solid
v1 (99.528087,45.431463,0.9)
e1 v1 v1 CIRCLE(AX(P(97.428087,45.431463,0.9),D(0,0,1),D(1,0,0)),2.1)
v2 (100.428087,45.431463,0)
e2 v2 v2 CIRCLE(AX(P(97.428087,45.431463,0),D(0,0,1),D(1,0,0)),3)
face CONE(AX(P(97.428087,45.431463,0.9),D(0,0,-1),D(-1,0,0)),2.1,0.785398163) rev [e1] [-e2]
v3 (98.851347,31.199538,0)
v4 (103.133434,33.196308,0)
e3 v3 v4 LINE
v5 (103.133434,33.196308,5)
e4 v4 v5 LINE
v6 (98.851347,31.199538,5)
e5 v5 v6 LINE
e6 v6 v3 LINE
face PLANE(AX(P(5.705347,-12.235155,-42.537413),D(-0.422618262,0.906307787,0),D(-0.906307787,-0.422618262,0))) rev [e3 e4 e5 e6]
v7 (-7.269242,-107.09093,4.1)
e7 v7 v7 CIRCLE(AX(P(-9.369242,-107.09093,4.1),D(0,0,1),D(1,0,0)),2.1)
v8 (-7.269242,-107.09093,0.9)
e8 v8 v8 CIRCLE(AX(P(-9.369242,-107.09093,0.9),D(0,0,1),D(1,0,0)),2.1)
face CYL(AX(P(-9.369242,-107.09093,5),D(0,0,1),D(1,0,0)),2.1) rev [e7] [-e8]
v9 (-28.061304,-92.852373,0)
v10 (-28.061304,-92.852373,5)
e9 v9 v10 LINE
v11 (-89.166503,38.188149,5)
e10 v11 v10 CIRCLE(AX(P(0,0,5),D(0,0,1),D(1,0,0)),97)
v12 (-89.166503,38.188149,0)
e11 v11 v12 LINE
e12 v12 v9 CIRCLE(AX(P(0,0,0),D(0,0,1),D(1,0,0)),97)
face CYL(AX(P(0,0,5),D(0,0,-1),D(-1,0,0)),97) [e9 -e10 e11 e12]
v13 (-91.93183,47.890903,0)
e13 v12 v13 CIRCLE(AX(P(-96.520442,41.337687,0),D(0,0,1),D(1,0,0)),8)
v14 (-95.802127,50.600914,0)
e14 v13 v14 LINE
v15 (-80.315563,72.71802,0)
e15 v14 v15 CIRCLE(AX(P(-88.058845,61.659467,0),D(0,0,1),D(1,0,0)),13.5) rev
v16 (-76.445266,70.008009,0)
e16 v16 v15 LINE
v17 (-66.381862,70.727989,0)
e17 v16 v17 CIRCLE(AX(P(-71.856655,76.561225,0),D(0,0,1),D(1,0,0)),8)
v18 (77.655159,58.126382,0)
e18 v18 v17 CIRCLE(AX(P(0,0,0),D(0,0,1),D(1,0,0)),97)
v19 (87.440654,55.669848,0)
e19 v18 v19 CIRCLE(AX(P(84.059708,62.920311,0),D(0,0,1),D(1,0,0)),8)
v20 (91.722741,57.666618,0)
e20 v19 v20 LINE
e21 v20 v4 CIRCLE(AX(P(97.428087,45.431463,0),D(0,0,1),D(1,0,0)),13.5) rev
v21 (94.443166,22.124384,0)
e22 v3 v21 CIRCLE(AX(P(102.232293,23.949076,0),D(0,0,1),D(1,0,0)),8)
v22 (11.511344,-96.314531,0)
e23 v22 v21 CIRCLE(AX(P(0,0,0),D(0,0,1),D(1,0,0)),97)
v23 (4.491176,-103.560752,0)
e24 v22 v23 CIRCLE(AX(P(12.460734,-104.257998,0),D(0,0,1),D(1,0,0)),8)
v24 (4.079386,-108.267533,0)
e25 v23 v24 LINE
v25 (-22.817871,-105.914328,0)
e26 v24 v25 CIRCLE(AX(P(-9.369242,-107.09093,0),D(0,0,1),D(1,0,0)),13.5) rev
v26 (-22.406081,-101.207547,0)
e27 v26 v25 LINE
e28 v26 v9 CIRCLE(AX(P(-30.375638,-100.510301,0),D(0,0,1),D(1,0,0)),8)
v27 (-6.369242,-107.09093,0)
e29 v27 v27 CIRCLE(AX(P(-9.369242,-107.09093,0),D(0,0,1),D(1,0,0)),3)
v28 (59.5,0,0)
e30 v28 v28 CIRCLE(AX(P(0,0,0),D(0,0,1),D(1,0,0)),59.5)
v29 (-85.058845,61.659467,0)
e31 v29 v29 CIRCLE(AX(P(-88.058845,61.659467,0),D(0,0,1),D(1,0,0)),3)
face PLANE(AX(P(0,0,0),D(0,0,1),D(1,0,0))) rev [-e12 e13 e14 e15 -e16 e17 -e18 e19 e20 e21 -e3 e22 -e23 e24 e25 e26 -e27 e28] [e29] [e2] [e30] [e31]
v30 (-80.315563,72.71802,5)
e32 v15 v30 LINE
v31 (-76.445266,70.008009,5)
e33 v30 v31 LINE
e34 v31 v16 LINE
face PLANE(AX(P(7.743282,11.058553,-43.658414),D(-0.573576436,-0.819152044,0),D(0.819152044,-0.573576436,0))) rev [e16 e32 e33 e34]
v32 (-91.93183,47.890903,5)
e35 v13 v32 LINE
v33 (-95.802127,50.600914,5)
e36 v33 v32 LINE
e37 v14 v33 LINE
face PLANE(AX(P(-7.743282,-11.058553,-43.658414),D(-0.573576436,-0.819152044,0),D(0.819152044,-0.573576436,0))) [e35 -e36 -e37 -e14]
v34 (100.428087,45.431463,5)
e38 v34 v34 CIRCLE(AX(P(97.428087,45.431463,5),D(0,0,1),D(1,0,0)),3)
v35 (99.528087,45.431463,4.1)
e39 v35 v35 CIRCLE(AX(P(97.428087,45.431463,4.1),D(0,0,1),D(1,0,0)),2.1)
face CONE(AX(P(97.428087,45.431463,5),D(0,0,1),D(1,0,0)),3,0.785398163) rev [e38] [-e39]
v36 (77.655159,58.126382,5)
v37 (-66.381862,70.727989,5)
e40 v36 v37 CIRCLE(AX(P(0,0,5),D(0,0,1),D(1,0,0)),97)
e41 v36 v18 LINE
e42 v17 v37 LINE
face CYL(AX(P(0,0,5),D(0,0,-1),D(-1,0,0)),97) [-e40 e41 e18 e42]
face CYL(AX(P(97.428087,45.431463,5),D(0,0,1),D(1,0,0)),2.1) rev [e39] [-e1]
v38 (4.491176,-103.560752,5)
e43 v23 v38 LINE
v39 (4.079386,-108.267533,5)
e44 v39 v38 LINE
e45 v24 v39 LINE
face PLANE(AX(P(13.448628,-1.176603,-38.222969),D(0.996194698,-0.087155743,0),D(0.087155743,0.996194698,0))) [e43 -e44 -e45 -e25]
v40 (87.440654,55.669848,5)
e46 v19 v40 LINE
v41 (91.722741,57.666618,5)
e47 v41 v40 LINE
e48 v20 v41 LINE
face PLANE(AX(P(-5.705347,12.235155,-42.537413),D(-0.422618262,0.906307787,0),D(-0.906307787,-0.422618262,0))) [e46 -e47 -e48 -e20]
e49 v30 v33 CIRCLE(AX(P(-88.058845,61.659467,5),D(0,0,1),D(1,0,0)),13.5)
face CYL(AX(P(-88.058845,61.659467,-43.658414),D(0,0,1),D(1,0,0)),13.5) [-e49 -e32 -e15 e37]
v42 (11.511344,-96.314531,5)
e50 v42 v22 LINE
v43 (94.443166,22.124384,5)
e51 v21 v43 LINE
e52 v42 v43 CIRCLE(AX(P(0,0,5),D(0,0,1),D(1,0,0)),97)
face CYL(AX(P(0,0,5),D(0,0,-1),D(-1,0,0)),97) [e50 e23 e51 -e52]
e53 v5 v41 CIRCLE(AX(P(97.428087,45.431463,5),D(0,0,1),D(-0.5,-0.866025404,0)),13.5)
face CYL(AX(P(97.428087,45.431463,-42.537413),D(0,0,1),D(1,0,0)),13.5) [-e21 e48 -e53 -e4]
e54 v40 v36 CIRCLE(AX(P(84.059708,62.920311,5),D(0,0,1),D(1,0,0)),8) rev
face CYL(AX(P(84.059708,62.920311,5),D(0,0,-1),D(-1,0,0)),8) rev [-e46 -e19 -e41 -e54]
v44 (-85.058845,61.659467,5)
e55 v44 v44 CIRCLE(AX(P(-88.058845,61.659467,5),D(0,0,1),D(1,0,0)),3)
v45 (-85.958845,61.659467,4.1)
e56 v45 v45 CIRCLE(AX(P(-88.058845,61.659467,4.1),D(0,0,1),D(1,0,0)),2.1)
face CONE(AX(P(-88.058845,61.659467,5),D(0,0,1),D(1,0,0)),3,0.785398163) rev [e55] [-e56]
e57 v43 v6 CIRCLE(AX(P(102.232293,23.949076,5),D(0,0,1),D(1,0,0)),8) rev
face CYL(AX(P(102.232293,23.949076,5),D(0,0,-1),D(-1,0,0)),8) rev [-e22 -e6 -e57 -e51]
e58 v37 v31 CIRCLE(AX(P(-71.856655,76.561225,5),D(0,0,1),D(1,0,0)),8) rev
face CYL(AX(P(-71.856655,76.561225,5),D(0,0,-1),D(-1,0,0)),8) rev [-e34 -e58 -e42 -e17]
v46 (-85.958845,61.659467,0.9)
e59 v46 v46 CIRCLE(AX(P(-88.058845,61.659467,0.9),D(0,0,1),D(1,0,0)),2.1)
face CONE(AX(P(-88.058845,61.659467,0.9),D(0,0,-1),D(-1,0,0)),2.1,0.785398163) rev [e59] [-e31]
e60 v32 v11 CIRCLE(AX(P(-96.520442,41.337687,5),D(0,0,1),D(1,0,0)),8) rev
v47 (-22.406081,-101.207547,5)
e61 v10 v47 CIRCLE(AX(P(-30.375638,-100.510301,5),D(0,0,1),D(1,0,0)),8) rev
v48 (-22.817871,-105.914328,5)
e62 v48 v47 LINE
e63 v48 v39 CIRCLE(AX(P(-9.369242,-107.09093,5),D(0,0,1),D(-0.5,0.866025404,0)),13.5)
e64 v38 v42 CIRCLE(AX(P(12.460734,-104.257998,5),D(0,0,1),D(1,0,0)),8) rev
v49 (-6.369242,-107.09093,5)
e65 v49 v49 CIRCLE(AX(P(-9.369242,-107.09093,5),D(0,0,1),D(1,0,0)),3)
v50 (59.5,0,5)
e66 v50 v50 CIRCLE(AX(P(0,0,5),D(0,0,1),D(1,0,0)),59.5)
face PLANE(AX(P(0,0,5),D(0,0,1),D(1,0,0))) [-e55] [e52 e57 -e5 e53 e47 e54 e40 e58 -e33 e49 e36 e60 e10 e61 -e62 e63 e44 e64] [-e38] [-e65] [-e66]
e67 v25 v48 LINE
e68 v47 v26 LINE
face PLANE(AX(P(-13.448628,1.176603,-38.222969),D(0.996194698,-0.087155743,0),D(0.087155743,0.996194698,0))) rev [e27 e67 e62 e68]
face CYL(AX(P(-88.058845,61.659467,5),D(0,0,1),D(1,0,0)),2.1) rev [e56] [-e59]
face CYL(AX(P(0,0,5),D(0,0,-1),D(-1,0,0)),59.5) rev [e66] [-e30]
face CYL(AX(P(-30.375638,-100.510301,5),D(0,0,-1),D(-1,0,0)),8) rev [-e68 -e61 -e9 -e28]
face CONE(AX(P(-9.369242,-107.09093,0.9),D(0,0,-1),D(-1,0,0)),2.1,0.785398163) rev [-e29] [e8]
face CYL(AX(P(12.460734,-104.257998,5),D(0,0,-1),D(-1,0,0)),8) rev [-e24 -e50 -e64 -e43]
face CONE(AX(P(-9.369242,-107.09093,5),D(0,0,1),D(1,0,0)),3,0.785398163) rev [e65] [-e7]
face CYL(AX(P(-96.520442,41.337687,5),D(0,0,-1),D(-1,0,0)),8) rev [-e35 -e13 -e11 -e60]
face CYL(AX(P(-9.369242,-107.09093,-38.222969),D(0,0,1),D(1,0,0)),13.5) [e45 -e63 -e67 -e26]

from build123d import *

# Parameters (mm, degrees)
SKETCH1_R                = 97
SKETCH1_R_2              = 59.5
BASE_DEPTH               = 5
TANG_START               = -5
TANG_DEPTH               = 5
FILLET1_R                = 8
CIRPATTERN1_COUNT        = 3
FILLET1_OF_CIRPATTERN1_R = 8


with BuildPart() as part:
    # Sketch1 → Base (new body)
    with BuildSketch(Plane.XY):
        Circle(SKETCH1_R)
        Circle(SKETCH1_R_2, mode=Mode.SUBTRACT)
    extrude(amount=BASE_DEPTH)

    # Sketch2 → Tang (add)
    with BuildSketch(Plane.XY.offset(5).offset(TANG_START)):
        with BuildLine():
            Line((-95.802126652, 50.60091431), (-86.427728757, 44.036890238))
            ThreePointArc((-86.427728757, 44.036890238), (-79.457748296, 55.636914326), (-70.941164976, 66.153995434))
            Line((-70.941164976, 66.153995434), (-80.31556287, 72.718019506))
            ThreePointArc((-80.31556287, 72.718019506), (-99.117397359, 69.402748798), (-95.802126652, 50.60091431))
        make_face()
    tang = extrude(amount=TANG_DEPTH)

    # Fillet1
    fillet1_edges = [part.edges().sort_by_distance(p)[0] for p in [
        (-70.941164976, 66.153995434, 2.5),
        (-86.427728757, 44.036890238, 2.5),
    ]]
    fillet(fillet1_edges, radius=FILLET1_R)

    # Sketch3 → M5x0.8 Tapped Hole1 (revolve, cut)
    with BuildSketch(Plane(origin=(-88.058844761, 61.659466908, 5), x_dir=(0, -1, 0), z_dir=(1, 0, 0))):
        Polygon((0, 0), (0, 5), (3, 5), (2.1, 4.1), (2.1, 0.9), (3, 0), align=None)
    m5x0_8_tapped_hole1 = revolve(axis=Axis((-88.058844761, 61.659466908, 11.35), (0, 0, -1)), mode=Mode.SUBTRACT)

    # CirPattern1: Tang, M5x0.8 Tapped Hole1 ×3 about axis
    cirpattern1_axis = Axis((0, 0, 0), (0, 0, 1))
    add([tang.rotate(cirpattern1_axis, i * 360 / CIRPATTERN1_COUNT) for i in range(1, CIRPATTERN1_COUNT)])
    add([m5x0_8_tapped_hole1.rotate(cirpattern1_axis, i * 360 / CIRPATTERN1_COUNT) for i in range(1, CIRPATTERN1_COUNT)], mode=Mode.SUBTRACT)

    # Fillet1 of CirPattern1
    fillet1_of_cirpattern1_edges = [part.edges().sort_by_distance(p)[0] for p in [
        (-21.82045812, -94.51384876, 2.5),
        (5.076798729, -96.867053814, 2.5),
        (92.761623095, 28.359853326, 2.5),
        (81.350930028, 52.830163576, 2.5),
    ]]
    fillet(fillet1_of_cirpattern1_edges, radius=FILLET1_OF_CIRPATTERN1_R)


solid = part.part
